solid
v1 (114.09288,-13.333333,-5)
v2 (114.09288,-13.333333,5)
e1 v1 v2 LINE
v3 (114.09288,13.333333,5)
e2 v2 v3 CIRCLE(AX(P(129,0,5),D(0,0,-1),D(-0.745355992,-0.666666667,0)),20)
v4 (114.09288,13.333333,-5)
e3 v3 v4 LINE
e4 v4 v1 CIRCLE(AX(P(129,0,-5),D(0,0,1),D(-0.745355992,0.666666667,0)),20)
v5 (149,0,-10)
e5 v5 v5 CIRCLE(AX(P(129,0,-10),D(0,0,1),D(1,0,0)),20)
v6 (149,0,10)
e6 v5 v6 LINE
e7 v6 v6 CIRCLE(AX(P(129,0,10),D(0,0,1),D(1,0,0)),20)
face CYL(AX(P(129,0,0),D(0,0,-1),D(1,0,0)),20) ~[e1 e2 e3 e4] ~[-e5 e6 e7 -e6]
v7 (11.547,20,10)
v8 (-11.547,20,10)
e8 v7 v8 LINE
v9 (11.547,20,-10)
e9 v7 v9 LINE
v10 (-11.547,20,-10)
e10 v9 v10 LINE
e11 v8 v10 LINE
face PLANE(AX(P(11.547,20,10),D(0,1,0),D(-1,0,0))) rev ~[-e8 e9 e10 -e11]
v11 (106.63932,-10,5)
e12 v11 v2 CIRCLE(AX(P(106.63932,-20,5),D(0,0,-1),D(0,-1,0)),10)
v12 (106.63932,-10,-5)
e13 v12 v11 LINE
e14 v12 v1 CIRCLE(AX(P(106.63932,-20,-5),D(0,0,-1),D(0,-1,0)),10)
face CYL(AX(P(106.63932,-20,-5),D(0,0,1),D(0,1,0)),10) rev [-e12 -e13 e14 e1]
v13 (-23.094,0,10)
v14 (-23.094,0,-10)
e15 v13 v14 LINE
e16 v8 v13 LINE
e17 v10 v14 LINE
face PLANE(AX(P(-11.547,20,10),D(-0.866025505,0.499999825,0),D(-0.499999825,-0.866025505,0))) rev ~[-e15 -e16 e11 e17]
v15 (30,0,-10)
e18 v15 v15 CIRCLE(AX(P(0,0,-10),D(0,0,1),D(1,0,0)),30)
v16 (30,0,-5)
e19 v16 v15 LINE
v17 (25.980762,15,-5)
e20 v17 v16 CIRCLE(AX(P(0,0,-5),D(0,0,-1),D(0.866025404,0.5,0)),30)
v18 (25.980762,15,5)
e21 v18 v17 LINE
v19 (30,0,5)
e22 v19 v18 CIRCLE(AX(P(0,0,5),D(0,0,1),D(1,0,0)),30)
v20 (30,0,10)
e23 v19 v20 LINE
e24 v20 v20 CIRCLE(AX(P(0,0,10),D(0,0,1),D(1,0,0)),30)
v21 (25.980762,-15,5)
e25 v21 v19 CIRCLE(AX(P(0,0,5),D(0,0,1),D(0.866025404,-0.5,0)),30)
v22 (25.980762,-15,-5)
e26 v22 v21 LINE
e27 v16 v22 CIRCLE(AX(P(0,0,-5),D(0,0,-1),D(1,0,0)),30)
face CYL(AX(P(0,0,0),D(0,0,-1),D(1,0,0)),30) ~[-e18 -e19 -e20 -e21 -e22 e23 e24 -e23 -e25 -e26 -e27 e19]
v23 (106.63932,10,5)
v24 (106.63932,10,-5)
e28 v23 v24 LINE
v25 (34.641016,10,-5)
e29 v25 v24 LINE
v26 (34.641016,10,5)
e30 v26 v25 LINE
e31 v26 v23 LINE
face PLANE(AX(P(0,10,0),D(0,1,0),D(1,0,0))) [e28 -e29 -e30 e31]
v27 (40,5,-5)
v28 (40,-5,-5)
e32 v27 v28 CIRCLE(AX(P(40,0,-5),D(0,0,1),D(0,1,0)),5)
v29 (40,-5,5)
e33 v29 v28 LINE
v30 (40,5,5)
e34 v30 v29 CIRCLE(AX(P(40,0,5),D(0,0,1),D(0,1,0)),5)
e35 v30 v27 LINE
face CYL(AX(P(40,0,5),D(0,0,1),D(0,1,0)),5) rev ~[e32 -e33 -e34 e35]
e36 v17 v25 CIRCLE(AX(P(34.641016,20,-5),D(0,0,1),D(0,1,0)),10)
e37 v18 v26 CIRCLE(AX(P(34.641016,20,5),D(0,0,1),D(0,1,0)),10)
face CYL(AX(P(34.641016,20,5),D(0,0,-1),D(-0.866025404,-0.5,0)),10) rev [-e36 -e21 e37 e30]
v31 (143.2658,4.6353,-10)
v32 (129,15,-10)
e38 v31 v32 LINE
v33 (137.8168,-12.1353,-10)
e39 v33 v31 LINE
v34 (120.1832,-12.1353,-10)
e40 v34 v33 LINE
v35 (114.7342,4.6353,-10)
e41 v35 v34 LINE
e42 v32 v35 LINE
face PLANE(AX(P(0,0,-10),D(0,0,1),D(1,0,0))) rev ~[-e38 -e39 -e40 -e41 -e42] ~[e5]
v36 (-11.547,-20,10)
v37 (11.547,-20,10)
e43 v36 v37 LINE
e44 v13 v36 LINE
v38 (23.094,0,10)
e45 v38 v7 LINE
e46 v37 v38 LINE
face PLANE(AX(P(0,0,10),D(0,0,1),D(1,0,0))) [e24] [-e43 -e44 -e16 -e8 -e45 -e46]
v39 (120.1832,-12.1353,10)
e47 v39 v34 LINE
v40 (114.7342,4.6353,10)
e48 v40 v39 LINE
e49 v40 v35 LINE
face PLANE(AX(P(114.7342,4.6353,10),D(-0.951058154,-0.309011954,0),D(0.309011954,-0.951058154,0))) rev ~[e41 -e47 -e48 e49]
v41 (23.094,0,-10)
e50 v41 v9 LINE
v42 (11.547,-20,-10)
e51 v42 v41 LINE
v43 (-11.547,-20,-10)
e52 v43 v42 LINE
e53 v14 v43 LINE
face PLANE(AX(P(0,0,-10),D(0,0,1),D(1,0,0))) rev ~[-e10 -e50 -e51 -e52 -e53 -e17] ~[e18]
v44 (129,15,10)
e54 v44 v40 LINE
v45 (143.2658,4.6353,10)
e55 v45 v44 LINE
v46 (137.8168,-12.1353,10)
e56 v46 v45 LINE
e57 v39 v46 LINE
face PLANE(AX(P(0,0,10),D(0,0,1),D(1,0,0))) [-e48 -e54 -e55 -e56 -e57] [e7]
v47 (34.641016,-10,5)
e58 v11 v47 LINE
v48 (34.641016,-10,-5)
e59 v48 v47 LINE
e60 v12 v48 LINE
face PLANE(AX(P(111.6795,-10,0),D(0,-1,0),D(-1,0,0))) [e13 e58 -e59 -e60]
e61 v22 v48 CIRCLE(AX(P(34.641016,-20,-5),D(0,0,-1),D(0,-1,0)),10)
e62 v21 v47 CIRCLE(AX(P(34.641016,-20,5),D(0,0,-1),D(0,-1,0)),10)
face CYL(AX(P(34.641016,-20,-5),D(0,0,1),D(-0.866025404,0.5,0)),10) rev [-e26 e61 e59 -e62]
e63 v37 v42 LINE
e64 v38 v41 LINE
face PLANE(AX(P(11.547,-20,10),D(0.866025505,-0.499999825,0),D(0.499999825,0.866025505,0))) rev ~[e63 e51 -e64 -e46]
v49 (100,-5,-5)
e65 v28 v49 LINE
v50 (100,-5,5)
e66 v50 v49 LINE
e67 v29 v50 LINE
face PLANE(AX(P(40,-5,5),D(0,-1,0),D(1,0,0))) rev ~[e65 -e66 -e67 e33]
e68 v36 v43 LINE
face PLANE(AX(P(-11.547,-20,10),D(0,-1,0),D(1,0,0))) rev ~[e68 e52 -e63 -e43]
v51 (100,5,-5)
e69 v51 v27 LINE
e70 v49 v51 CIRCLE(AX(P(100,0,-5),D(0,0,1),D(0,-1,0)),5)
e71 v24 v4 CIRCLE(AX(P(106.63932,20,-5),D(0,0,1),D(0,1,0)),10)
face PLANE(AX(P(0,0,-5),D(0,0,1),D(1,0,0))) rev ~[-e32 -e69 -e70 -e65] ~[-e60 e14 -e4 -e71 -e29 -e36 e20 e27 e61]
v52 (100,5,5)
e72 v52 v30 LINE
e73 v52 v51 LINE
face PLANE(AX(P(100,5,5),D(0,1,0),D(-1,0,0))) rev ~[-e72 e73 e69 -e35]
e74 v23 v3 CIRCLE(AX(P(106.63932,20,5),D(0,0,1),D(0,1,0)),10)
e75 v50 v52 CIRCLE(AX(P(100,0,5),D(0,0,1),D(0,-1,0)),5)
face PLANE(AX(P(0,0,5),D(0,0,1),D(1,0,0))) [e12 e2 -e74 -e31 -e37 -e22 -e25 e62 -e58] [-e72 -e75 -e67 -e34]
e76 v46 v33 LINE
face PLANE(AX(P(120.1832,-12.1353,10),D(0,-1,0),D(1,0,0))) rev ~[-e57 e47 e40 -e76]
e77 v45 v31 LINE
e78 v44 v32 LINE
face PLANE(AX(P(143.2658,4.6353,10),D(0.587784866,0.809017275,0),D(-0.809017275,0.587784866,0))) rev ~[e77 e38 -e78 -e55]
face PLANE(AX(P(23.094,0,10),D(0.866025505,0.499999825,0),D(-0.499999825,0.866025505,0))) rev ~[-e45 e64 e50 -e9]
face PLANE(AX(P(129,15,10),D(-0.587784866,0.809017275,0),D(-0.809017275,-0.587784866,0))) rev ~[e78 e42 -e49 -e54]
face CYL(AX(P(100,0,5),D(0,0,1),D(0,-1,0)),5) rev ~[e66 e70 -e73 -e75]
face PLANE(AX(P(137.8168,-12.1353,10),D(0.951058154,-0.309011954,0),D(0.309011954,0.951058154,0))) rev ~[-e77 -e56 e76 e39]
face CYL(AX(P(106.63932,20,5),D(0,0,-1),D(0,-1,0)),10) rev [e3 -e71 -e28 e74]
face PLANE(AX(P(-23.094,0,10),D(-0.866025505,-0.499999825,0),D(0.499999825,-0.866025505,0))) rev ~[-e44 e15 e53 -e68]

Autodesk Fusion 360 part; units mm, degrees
sketch "Sketch1" plane through (0, 0, 0) normal (0, 0, 1) x (1, 0, 0)
  circle A0 centre (0, 0) radius 30
  circle A1 centre (129, 0) radius 20
  dimension "d1" = 60
  dimension "d2" = 40
  dimension "d3" = 129
extrude "Extrude1" add sketch "Sketch1" along normal blind 10 and the other way blind 10 makes body 1 at (123.4917, 3.7555, 10) makes body 2 at (1.8926, -11.2064, 10)
sketch "Sketch2" plane through (0, 0, 0) normal (0, 0, 1) x (1, 0, 0)
  line L0 (0, 10) -> (111.6795, 10)
  line L1 (111.6795, 10) -> (111.6795, -10)
  line L2 (111.6795, -10) -> (0, -10)
  line L3 (0, -10) -> (0, 10)
  circle A0 centre (129, 0) radius 20
  dimension "d8" = 20
extrude "Extrude2" add sketch "Sketch2" along normal blind 5 and the other way blind 5 contours L0 L2 L3 A0 bodies 2 1
fillet "Fillet1" radius 10 4 edges at (28.2843, 10, 0) (28.2843, -10, 0) (111.6795, -10, 0) (111.6795, 10, 0) on bodies 2
sketch "Sketch3" plane through (0, 0, 10) normal (0, 0, 1) x (-1, 0, 0)
  circle A0 centre (-129, 0) radius 20
  line L0 (-11.547, 20) -> (-23.094, 0)
  line L1 (-23.094, 0) -> (-11.547, -20)
  line L2 (-11.547, -20) -> (11.547, -20)
  line L3 (11.547, -20) -> (23.094, 0)
  line L4 (23.094, 0) -> (11.547, 20)
  line L5 (11.547, 20) -> (-11.547, 20)
  line L6 (-137.8168, 12.1353) -> (-143.2658, -4.6353)
  line L7 (-143.2658, -4.6353) -> (-129, -15)
  line L8 (-129, -15) -> (-114.7342, -4.6353)
  line L9 (-114.7342, -4.6353) -> (-120.1832, 12.1353)
  line L10 (-120.1832, 12.1353) -> (-137.8168, 12.1353)
  line L11 (-38, 0) -> (-98, 0) construction
  point P0 (-129, 0)
  dimension "d14" = 20
  dimension "d15" = 15
extrude "Extrude3" cut sketch "Sketch3" against normal blind 20 contours L0 L1 L2 L3 L4 L5 | L6 L7 L8 L9 L10 bodies 2
sketch "Sketch4" plane through (0, 0, 5) normal (0, 0, 1) x (-1, 0, 0)
  arc A0 (-25.9808, 15) -> (-25.9808, -15) centre (0, 0) ccw
  arc A1 (-34.641, 10) -> (-25.9808, 15) centre (-34.641, 20) ccw
  line L0 (-34.641, 10) -> (-106.6393, 10)
  arc A2 (-114.0929, 13.3333) -> (-106.6393, 10) centre (-106.6393, 20) ccw
  arc A3 (-114.0929, -13.3333) -> (-114.0929, 13.3333) centre (-129, 0) ccw
  arc A4 (-106.6393, -10) -> (-114.0929, -13.3333) centre (-106.6393, -20) ccw
  line L1 (-106.6393, -10) -> (-34.641, -10)
  arc A5 (-25.9808, -15) -> (-34.641, -10) centre (-34.641, -20) ccw
  line L2 (-40, 5) -> (-100, 5)
  arc A6 (-100, 5) -> (-100, -5) centre (-100, 0) ccw
  line L3 (-100, -5) -> (-40, -5)
  arc A7 (-40, -5) -> (-40, 5) centre (-40, 0) ccw
  line L4 (-40, 0) -> (-100, 0) construction
  dimension "d21" = 60
  dimension "d22" = 10
  dimension "d23" = 40
extrude "Extrude4" cut sketch "Sketch4" against normal blind 10 contours L2 A6 L3 A7 bodies 2
